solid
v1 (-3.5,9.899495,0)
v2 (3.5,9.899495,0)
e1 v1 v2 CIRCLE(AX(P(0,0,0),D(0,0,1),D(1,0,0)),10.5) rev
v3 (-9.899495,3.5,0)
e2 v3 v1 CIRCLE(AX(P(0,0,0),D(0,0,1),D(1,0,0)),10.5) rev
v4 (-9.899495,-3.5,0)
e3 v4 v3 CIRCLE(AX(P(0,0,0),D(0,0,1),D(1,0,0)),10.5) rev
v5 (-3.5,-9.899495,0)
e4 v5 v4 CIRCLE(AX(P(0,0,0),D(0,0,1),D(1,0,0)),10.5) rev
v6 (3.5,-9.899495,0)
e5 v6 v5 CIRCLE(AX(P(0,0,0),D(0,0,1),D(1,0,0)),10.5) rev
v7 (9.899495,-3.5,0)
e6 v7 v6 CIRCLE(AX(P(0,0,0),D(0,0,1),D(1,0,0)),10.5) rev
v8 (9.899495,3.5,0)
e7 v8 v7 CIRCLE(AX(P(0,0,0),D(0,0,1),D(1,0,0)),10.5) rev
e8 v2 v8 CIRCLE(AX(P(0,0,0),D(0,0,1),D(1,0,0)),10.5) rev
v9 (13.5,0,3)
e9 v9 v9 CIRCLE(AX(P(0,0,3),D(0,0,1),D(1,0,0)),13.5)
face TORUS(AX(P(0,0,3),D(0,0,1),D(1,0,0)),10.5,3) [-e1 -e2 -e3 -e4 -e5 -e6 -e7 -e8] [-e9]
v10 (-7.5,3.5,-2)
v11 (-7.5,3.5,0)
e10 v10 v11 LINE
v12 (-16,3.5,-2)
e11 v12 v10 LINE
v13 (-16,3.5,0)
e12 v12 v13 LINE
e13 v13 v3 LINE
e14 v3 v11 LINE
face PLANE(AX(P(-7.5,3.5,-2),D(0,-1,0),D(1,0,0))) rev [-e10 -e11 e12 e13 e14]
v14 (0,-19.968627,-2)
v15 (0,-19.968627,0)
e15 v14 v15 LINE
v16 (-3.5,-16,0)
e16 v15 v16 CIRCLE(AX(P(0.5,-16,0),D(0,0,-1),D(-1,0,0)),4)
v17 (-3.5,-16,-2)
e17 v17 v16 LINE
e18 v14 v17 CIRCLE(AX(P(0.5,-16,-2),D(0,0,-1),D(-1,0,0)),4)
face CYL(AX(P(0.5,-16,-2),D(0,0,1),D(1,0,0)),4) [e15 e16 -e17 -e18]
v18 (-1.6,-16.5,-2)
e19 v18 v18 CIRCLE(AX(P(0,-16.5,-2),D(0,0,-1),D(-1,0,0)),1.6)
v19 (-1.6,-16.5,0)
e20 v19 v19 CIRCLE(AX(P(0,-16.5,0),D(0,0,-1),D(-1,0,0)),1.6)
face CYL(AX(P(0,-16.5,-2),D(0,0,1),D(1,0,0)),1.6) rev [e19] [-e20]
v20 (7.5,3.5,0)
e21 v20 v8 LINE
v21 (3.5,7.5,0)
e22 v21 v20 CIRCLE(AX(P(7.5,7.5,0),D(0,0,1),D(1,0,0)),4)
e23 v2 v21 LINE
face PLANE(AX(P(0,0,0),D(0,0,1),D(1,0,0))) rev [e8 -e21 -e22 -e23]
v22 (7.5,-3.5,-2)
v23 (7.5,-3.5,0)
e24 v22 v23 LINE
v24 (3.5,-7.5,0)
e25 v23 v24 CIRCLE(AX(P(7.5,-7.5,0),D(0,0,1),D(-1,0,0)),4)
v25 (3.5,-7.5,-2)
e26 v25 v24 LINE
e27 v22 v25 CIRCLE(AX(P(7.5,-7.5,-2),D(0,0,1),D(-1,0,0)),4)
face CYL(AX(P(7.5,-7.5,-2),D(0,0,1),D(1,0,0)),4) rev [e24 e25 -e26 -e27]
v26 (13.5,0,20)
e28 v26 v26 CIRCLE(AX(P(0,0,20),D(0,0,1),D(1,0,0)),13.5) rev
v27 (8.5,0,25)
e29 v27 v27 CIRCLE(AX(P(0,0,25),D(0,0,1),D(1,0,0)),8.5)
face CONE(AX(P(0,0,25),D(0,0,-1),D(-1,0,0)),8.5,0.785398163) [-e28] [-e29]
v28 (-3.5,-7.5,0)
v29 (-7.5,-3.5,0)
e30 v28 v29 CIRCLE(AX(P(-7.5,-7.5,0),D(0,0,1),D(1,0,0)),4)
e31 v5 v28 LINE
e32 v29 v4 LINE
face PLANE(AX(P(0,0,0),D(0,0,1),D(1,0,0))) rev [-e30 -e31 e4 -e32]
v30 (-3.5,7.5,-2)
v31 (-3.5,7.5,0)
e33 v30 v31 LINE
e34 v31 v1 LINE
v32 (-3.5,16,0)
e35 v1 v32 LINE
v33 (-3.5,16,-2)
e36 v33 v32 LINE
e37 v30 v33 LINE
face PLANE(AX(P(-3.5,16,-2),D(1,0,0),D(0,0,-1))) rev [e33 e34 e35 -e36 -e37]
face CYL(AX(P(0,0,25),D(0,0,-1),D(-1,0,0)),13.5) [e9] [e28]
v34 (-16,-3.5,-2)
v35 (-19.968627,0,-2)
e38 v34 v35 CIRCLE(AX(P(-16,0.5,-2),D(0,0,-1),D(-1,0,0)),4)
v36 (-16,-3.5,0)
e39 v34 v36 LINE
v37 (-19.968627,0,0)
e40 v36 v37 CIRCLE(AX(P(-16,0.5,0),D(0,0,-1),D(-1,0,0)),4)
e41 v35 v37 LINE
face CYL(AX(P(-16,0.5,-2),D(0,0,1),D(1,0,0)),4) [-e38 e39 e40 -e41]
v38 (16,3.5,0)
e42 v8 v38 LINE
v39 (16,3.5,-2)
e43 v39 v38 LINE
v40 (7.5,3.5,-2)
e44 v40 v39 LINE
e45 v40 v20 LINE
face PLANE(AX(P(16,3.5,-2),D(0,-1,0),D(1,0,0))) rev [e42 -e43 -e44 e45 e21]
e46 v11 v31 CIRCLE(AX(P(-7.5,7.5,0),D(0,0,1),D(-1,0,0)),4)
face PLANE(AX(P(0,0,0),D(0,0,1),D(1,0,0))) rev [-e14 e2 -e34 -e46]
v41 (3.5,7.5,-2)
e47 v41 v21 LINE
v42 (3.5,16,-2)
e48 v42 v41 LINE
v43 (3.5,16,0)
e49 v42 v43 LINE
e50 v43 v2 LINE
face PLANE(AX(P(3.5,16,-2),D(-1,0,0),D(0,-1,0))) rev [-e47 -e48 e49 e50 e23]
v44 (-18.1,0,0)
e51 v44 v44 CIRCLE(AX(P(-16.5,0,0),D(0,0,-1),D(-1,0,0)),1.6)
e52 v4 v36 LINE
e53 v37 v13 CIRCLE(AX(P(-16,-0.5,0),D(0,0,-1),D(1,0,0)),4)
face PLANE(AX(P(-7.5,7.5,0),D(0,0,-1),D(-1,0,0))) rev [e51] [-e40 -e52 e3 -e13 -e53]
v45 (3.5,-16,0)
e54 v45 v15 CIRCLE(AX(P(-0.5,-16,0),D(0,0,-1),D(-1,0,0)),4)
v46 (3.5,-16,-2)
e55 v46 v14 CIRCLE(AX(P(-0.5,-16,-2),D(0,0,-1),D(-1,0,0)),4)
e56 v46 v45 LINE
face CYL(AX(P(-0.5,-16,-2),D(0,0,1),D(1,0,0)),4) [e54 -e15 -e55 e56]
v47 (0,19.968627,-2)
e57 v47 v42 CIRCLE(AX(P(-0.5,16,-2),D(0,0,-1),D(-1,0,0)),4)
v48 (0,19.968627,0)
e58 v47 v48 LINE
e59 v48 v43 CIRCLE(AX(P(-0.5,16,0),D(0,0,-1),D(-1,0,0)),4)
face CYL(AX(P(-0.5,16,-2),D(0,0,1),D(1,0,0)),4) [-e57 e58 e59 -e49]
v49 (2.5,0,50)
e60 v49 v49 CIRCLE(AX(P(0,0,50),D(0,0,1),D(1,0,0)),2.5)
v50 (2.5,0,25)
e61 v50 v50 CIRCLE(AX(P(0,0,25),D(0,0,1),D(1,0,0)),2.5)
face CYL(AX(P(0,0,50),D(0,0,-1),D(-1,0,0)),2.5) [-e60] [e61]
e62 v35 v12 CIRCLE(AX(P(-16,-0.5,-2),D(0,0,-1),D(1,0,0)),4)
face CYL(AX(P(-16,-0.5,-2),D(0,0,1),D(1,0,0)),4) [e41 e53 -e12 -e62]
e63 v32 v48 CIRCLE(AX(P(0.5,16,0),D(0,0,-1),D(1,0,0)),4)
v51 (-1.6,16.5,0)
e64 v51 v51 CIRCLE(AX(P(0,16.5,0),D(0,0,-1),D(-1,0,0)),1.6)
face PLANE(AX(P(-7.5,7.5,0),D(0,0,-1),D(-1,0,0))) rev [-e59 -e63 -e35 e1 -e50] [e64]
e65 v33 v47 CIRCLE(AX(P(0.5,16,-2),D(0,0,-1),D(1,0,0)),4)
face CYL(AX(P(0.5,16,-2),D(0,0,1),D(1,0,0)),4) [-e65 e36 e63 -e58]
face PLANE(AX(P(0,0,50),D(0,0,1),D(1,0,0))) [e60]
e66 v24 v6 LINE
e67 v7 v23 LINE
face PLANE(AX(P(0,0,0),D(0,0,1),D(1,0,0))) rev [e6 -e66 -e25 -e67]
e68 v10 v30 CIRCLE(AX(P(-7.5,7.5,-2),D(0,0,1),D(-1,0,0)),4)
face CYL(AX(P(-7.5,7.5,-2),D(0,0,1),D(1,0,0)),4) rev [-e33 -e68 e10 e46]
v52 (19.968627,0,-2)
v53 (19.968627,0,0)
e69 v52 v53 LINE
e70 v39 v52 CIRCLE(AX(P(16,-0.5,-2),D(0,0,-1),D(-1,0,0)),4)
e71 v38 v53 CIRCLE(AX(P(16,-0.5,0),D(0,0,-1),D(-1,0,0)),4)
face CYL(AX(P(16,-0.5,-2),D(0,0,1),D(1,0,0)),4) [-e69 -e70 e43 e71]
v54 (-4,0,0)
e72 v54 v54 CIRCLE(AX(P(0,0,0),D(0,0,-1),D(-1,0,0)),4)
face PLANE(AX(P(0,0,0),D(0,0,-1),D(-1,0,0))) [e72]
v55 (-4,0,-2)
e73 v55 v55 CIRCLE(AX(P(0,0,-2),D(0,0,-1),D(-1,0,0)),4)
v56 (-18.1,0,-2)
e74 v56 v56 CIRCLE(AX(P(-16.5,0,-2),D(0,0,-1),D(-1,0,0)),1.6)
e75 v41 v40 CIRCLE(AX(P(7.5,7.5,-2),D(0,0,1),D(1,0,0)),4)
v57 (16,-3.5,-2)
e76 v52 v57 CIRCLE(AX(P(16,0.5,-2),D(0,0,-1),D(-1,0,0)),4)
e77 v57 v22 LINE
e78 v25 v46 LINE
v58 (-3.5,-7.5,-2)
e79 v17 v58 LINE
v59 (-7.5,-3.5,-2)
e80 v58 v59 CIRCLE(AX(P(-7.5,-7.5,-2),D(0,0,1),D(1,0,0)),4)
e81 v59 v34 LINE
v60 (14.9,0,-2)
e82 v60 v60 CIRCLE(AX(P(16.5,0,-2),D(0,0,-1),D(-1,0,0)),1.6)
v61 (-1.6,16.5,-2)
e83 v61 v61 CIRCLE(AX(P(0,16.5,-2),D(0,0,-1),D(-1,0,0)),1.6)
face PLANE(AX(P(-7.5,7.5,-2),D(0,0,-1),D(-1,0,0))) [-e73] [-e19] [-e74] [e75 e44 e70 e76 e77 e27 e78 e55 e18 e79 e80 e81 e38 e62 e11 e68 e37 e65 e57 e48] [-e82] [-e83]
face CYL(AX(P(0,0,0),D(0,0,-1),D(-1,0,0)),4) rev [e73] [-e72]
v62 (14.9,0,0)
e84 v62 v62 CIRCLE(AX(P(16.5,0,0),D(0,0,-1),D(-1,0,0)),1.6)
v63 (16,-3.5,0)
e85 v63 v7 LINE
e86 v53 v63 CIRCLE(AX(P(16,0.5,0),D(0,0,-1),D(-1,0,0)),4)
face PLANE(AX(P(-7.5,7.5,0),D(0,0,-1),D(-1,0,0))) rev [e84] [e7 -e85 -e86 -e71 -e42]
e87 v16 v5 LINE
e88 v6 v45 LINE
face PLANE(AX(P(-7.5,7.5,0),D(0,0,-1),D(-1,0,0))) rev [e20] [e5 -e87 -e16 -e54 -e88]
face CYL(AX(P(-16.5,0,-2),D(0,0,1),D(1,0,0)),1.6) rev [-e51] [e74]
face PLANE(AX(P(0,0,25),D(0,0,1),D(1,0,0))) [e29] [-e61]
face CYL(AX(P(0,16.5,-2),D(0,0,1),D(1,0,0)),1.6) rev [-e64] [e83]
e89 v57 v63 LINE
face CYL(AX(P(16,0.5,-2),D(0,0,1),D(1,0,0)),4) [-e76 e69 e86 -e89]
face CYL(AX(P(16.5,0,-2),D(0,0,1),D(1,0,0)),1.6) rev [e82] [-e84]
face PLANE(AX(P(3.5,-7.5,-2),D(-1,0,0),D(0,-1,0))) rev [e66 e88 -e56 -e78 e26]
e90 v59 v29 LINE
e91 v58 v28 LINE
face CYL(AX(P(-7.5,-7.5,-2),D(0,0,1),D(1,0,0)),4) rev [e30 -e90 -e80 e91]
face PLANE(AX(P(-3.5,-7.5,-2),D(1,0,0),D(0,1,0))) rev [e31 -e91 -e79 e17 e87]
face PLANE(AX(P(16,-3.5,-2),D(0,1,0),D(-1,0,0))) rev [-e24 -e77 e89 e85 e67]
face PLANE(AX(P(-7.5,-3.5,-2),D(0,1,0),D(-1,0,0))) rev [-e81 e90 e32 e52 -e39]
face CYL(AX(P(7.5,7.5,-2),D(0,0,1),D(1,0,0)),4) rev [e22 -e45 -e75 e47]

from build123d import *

# Parameters (mm, degrees)
SKETCH1_R           = 13.5
BOSS_EXTRUDE1_DEPTH = 25
SKETCH2_R           = 2.5
BOSS_EXTRUDE2_DEPTH = 25
FILLET1_R           = 3
CHAMFER1_SIZE       = 5
SKETCH3_R           = 1.6
BOSS_EXTRUDE3_DEPTH = 2
SKETCH4_R           = 4
CUT_EXTRUDE1_DEPTH  = 2


with BuildPart() as part:
    # Sketch1 → Boss-Extrude1 (new body)
    with BuildSketch(Plane.XY):
        Circle(SKETCH1_R)
    extrude(amount=BOSS_EXTRUDE1_DEPTH)

    # Sketch2 → Boss-Extrude2 (add)
    with BuildSketch(Plane.XY.offset(25)):
        Circle(SKETCH2_R)
    extrude(amount=BOSS_EXTRUDE2_DEPTH)

    # Fillet1
    fillet1_edges = [part.edges().sort_by_distance(p)[0] for p in [
        (-13.5, 0, 0),
    ]]
    fillet(fillet1_edges, radius=FILLET1_R)

    # Chamfer1
    chamfer1_edges = [part.edges().sort_by_distance(p)[0] for p in [
        (-13.5, 0, 25),
    ]]
    chamfer(chamfer1_edges, length=CHAMFER1_SIZE)

    # Sketch3 → Boss-Extrude3 (add)
    with BuildSketch(Plane(origin=(0, 0, 0), x_dir=(-1, 0, 0), z_dir=(0, 0, -1))):
        with BuildLine():
            Line((-3.5, -7.5), (-3.5, -16))
            ThreePointArc((-3.5, -16), (-2.5, -18.645751311), (0, -19.968626967))
            ThreePointArc((0, -19.968626967), (2.5, -18.645751311), (3.5, -16))
            Line((3.5, -16), (3.5, -7.5))
            ThreePointArc((3.5, -7.5), (4.671572875, -4.671572875), (7.5, -3.5))
            Line((7.5, -3.5), (16, -3.5))
            ThreePointArc((16, -3.5), (18.645751311, -2.5), (19.968626967, 0))
            ThreePointArc((19.968626967, 0), (18.645751311, 2.5), (16, 3.5))
            Line((16, 3.5), (7.5, 3.5))
            ThreePointArc((7.5, 3.5), (4.671572875, 4.671572875), (3.5, 7.5))
            Line((3.5, 7.5), (3.5, 16))
            ThreePointArc((3.5, 16), (2.5, 18.645751311), (0, 19.968626967))
            ThreePointArc((0, 19.968626967), (-2.5, 18.645751311), (-3.5, 16))
            Line((-3.5, 16), (-3.5, 7.5))
            ThreePointArc((-3.5, 7.5), (-4.671572875, 4.671572875), (-7.5, 3.5))
            Line((-7.5, 3.5), (-16, 3.5))
            ThreePointArc((-16, 3.5), (-18.645751311, 2.5), (-19.968626967, 0))
            ThreePointArc((-19.968626967, 0), (-18.645751311, -2.5), (-16, -3.5))
            Line((-16, -3.5), (-7.5, -3.5))
            ThreePointArc((-7.5, -3.5), (-4.671572875, -4.671572875), (-3.5, -7.5))
        make_face()
        with Locations((-16.5, 0)):
            Circle(SKETCH3_R, mode=Mode.SUBTRACT)
        with Locations((0, 16.5)):
            Circle(SKETCH3_R, mode=Mode.SUBTRACT)
        with Locations((16.5, 0)):
            Circle(SKETCH3_R, mode=Mode.SUBTRACT)
        with Locations((0, -16.5)):
            Circle(SKETCH3_R, mode=Mode.SUBTRACT)
    extrude(amount=BOSS_EXTRUDE3_DEPTH)

    # Sketch4 → Cut-Extrude1 (cut)
    with BuildSketch(Plane(origin=(0, 0, -2), x_dir=(-1, 0, 0), z_dir=(0, 0, -1))):
        Circle(SKETCH4_R)
    extrude(amount=-CUT_EXTRUDE1_DEPTH, mode=Mode.SUBTRACT)


solid = part.part
